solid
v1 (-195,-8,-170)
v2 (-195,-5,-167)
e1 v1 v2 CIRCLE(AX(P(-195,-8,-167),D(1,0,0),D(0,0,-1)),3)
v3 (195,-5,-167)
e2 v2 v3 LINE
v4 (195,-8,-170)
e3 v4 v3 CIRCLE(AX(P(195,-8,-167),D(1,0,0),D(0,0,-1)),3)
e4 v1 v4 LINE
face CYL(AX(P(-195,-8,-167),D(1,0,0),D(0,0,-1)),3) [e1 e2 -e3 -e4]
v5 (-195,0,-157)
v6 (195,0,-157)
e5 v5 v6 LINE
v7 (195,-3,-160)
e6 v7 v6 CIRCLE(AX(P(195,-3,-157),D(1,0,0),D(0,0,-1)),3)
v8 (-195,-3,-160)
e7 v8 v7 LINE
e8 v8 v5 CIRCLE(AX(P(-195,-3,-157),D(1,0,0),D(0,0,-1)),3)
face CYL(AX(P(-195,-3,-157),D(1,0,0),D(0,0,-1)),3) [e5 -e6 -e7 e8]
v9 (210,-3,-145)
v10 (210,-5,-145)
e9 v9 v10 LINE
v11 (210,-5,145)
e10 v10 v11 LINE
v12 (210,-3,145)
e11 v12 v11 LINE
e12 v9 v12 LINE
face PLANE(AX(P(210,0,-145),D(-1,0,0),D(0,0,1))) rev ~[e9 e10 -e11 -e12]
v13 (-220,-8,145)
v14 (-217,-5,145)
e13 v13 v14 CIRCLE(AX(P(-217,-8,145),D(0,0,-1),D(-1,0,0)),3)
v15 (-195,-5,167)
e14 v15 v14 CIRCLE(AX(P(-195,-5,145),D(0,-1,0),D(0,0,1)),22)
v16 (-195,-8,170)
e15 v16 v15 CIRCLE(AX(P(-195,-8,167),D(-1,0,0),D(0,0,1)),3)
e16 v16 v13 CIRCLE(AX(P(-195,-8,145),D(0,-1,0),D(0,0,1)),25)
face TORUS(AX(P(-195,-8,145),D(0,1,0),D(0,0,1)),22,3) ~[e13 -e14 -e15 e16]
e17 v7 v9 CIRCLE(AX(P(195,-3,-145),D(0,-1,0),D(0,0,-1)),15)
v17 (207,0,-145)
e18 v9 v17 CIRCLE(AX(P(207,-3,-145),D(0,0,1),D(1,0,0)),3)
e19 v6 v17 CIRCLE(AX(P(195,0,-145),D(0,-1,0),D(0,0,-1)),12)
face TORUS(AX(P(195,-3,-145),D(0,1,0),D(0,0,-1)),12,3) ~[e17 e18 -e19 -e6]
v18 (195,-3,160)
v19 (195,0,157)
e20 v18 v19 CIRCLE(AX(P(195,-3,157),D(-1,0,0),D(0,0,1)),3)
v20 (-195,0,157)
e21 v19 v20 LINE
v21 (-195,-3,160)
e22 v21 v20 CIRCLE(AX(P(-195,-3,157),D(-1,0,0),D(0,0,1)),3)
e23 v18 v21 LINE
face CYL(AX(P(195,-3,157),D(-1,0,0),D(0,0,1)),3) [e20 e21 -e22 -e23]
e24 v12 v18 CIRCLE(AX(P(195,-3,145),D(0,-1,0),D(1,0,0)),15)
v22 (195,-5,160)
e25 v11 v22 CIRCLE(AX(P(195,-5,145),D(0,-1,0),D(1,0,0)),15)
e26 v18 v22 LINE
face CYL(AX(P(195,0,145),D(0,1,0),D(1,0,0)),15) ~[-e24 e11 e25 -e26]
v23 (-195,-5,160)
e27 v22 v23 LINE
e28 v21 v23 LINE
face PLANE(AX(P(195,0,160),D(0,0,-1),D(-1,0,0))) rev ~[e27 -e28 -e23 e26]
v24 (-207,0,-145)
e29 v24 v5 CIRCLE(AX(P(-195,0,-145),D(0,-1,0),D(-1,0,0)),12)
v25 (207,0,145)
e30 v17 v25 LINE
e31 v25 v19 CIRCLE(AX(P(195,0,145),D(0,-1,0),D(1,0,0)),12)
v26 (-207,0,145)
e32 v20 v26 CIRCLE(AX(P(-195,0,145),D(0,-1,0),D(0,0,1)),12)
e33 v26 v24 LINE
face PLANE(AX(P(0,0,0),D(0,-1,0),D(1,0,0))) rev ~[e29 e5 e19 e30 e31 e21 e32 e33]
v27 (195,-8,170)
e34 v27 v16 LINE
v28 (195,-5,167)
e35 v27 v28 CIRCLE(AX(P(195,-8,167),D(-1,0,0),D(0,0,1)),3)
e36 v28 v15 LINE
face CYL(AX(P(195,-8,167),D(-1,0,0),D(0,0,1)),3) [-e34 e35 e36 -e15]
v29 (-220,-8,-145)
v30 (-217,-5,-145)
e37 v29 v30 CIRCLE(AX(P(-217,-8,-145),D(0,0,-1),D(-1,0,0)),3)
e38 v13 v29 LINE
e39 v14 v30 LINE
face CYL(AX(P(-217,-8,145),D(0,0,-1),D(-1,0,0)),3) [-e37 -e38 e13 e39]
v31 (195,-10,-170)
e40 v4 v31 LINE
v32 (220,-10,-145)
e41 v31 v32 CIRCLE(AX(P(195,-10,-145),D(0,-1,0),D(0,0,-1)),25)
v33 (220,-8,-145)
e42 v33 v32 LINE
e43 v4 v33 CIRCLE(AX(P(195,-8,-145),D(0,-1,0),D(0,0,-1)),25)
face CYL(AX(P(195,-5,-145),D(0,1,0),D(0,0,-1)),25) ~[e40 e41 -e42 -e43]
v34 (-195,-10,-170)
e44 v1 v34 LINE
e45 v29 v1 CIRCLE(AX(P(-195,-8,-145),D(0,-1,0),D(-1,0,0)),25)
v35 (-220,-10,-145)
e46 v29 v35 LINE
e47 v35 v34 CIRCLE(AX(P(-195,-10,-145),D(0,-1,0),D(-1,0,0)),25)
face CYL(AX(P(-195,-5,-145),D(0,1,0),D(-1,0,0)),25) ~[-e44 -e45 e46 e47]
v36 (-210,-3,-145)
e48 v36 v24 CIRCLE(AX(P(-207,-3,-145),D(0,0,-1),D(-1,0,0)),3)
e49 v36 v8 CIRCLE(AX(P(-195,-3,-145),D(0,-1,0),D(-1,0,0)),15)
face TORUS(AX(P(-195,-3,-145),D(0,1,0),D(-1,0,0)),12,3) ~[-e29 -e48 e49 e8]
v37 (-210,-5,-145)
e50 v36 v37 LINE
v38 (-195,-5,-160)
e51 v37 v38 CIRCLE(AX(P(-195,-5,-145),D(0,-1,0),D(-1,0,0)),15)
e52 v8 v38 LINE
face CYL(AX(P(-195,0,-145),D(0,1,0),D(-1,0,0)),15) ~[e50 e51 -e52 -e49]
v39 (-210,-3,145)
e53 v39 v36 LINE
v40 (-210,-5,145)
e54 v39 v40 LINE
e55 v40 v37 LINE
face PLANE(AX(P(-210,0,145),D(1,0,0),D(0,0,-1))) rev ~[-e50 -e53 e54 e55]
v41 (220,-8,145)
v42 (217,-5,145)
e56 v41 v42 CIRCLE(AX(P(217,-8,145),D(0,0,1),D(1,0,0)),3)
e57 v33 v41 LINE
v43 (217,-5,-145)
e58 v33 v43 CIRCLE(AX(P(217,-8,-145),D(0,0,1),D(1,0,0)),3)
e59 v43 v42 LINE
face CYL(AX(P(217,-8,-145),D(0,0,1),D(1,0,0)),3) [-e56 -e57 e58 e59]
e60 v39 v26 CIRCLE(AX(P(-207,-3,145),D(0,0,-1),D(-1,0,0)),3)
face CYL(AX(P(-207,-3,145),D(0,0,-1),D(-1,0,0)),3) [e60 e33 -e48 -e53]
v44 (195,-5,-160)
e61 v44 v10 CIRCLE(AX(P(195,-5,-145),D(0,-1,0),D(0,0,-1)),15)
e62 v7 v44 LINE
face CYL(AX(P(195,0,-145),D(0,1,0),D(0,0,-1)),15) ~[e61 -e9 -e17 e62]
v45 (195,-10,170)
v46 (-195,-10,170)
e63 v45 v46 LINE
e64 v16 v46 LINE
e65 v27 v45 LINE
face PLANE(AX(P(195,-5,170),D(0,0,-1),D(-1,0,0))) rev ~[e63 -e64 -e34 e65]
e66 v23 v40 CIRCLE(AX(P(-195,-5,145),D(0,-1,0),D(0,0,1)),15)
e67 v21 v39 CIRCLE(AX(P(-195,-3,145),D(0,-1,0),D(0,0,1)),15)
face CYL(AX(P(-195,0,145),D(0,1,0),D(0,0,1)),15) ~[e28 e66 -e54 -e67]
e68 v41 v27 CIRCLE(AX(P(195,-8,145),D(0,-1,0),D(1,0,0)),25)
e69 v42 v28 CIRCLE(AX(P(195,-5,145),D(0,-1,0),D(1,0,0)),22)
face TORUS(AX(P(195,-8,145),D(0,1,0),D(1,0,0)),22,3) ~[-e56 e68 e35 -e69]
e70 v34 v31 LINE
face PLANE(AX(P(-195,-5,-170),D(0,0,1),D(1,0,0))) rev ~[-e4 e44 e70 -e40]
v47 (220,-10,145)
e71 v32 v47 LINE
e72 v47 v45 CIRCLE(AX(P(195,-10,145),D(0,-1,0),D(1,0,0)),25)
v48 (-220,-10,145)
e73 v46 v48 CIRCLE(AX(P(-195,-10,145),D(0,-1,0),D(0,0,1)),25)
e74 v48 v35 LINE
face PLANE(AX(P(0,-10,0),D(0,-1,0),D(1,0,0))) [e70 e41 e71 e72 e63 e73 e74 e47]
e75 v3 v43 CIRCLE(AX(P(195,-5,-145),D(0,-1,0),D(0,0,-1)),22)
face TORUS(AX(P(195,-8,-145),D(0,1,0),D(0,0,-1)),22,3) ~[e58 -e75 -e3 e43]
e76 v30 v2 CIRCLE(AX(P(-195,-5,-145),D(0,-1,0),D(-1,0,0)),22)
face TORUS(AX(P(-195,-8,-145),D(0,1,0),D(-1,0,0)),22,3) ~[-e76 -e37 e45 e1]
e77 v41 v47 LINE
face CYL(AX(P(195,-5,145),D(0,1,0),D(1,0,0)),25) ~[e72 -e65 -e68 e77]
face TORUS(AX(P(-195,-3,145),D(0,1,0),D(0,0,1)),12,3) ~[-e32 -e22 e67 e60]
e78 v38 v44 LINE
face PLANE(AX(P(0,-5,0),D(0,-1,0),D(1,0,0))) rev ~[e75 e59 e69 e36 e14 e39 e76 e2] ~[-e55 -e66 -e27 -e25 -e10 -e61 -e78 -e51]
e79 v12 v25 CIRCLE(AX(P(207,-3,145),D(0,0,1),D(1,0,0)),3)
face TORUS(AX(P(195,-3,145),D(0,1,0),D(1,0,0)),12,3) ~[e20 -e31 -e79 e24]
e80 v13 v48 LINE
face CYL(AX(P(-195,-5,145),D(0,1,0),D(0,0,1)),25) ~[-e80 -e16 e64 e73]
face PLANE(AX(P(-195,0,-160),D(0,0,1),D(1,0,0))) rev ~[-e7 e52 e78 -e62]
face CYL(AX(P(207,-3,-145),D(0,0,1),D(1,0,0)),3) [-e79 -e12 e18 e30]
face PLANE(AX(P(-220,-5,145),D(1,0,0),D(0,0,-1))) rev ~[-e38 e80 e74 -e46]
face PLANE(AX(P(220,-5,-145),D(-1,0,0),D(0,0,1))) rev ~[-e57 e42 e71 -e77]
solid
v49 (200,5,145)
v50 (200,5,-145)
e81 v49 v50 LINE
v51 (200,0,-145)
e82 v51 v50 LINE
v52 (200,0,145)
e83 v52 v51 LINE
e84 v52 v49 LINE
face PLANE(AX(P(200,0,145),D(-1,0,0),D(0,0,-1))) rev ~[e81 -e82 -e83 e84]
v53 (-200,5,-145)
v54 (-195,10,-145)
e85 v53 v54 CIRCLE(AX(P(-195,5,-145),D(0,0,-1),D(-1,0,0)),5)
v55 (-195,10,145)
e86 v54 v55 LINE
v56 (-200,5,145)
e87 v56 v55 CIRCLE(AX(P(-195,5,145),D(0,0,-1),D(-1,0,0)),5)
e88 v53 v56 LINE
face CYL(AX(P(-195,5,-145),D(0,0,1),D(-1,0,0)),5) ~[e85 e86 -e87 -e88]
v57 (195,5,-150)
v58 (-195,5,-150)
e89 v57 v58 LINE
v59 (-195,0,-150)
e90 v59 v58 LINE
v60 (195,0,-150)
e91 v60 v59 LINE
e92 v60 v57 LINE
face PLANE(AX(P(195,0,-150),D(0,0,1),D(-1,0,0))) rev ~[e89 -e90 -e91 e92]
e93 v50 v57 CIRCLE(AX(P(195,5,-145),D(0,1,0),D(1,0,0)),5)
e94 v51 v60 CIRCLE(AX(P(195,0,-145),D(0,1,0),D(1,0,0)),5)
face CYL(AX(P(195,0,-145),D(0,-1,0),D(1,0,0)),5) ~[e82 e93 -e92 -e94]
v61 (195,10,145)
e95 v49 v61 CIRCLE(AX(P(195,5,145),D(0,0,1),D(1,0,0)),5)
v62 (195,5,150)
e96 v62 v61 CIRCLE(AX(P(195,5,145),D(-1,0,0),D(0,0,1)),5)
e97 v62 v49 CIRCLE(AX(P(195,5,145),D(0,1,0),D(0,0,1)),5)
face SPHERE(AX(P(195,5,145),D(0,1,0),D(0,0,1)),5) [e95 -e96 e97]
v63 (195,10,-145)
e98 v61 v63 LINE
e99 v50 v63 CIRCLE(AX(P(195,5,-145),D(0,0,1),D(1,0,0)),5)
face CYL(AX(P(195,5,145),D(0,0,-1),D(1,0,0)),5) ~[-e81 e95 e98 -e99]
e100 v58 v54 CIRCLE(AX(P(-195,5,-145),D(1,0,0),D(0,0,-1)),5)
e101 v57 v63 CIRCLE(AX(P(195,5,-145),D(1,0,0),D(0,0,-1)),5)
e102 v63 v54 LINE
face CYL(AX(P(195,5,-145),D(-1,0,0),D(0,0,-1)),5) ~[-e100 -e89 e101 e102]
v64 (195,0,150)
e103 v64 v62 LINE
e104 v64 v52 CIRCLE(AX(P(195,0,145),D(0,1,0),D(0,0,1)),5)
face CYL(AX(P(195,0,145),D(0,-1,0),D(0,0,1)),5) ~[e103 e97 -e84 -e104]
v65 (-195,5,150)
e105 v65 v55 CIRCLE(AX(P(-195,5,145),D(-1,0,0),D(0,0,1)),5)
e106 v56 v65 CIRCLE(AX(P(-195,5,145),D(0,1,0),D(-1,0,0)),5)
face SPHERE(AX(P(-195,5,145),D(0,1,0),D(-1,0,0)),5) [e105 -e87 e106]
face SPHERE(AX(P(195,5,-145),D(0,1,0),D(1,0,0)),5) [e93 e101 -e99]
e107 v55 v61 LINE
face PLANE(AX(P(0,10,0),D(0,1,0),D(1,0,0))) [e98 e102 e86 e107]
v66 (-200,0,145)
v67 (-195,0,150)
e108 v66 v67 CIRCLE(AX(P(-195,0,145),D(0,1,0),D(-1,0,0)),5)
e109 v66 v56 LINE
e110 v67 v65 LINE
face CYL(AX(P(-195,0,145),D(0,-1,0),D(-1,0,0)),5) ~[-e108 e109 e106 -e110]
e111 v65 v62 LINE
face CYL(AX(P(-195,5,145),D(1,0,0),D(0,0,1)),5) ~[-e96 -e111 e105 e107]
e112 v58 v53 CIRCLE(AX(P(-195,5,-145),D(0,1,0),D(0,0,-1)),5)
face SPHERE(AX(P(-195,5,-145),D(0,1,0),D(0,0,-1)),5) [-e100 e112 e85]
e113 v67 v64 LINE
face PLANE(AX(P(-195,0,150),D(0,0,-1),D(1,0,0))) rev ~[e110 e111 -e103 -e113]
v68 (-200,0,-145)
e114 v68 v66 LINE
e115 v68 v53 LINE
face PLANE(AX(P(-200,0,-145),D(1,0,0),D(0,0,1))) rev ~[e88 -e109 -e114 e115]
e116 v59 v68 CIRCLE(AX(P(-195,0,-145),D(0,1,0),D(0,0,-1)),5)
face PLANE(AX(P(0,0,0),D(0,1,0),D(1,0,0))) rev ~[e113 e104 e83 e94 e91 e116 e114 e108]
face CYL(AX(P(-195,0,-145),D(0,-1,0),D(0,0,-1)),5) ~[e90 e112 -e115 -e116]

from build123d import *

# Parameters (mm, degrees)
BOSS_EXTRUDE1_DEPTH = 10
FILLET1_R           = 5
BOSS_EXTRUDE2_DEPTH = 5
BOSS_EXTRUDE3_DEPTH = 5
FILLET2_R           = 3


with BuildPart() as part:
    # Sketch1 → Boss-Extrude1 (new body)
    with BuildSketch(Plane(origin=(0, 0, 0), x_dir=(1, 0, 0), z_dir=(0, 1, 0))):
        with BuildLine():
            Line((-195, -150), (195, -150))
            ThreePointArc((195, -150), (198.535533906, -148.535533906), (200, -145))
            Line((200, -145), (200, 145))
            ThreePointArc((200, 145), (198.535533906, 148.535533906), (195, 150))
            Line((195, 150), (-195, 150))
            ThreePointArc((-195, 150), (-198.535533906, 148.535533906), (-200, 145))
            Line((-200, 145), (-200, -145))
            ThreePointArc((-200, -145), (-198.535533906, -148.535533906), (-195, -150))
        make_face()
    extrude(amount=BOSS_EXTRUDE1_DEPTH)

    # Fillet1
    fillet1_edges = [part.edges().sort_by_distance(p)[0] for p in [
        (198.535533906, 10, 148.535533906),
        (200, 10, 0),
        (198.535533906, 10, -148.535533906),
        (0, 10, -150),
        (-198.535533906, 10, -148.535533906),
        (-200, 10, 0),
        (-198.535533906, 10, 148.535533906),
        (0, 10, 150),
    ]]
    fillet(fillet1_edges, radius=FILLET1_R)


with BuildPart() as body_2:
    # Sketch4 → Boss-Extrude2 (new body)
    with BuildSketch(Plane.XZ):
        with BuildLine():
            Line((-210, 145), (-210, -145))
            ThreePointArc((-210, -145), (-205.606601718, -155.606601718), (-195, -160))
            Line((-195, -160), (195, -160))
            ThreePointArc((195, -160), (205.606601718, -155.606601718), (210, -145))
            Line((210, -145), (210, 145))
            ThreePointArc((210, 145), (205.606601718, 155.606601718), (195, 160))
            Line((195, 160), (-195, 160))
            ThreePointArc((-195, 160), (-205.606601718, 155.606601718), (-210, 145))
        make_face()
    extrude(amount=BOSS_EXTRUDE2_DEPTH)

    # Sketch5 → Boss-Extrude3 (add)
    with BuildSketch(Plane.XZ.offset(5)):
        with BuildLine():
            Line((-220, 145), (-220, -145))
            ThreePointArc((-220, -145), (-212.67766953, -162.67766953), (-195, -170))
            Line((-195, -170), (195, -170))
            ThreePointArc((195, -170), (212.67766953, -162.67766953), (220, -145))
            Line((220, -145), (220, 145))
            ThreePointArc((220, 145), (212.67766953, 162.67766953), (195, 170))
            Line((195, 170), (-195, 170))
            ThreePointArc((-195, 170), (-212.67766953, 162.67766953), (-220, 145))
        make_face()
    extrude(amount=BOSS_EXTRUDE3_DEPTH)

    # Fillet2
    fillet2_edges = [body_2.edges().sort_by_distance(p)[0] for p in [
        (0, 0, -160),
        (-205.606601718, 0, -155.606601718),
        (-210, 0, 0),
        (-205.606601718, 0, 155.606601718),
        (-212.67766953, -5, 162.67766953),
        (-220, -5, 0),
        (-212.67766953, -5, -162.67766953),
        (0, -5, -170),
        (212.67766953, -5, -162.67766953),
        (220, -5, 0),
        (212.67766953, -5, 162.67766953),
        (0, -5, 170),
        (0, 0, 160),
        (205.606601718, 0, 155.606601718),
        (210, 0, 0),
        (205.606601718, 0, -155.606601718),
    ]]
    fillet(fillet2_edges, radius=FILLET2_R)


solid = Compound([part.part, body_2.part])
